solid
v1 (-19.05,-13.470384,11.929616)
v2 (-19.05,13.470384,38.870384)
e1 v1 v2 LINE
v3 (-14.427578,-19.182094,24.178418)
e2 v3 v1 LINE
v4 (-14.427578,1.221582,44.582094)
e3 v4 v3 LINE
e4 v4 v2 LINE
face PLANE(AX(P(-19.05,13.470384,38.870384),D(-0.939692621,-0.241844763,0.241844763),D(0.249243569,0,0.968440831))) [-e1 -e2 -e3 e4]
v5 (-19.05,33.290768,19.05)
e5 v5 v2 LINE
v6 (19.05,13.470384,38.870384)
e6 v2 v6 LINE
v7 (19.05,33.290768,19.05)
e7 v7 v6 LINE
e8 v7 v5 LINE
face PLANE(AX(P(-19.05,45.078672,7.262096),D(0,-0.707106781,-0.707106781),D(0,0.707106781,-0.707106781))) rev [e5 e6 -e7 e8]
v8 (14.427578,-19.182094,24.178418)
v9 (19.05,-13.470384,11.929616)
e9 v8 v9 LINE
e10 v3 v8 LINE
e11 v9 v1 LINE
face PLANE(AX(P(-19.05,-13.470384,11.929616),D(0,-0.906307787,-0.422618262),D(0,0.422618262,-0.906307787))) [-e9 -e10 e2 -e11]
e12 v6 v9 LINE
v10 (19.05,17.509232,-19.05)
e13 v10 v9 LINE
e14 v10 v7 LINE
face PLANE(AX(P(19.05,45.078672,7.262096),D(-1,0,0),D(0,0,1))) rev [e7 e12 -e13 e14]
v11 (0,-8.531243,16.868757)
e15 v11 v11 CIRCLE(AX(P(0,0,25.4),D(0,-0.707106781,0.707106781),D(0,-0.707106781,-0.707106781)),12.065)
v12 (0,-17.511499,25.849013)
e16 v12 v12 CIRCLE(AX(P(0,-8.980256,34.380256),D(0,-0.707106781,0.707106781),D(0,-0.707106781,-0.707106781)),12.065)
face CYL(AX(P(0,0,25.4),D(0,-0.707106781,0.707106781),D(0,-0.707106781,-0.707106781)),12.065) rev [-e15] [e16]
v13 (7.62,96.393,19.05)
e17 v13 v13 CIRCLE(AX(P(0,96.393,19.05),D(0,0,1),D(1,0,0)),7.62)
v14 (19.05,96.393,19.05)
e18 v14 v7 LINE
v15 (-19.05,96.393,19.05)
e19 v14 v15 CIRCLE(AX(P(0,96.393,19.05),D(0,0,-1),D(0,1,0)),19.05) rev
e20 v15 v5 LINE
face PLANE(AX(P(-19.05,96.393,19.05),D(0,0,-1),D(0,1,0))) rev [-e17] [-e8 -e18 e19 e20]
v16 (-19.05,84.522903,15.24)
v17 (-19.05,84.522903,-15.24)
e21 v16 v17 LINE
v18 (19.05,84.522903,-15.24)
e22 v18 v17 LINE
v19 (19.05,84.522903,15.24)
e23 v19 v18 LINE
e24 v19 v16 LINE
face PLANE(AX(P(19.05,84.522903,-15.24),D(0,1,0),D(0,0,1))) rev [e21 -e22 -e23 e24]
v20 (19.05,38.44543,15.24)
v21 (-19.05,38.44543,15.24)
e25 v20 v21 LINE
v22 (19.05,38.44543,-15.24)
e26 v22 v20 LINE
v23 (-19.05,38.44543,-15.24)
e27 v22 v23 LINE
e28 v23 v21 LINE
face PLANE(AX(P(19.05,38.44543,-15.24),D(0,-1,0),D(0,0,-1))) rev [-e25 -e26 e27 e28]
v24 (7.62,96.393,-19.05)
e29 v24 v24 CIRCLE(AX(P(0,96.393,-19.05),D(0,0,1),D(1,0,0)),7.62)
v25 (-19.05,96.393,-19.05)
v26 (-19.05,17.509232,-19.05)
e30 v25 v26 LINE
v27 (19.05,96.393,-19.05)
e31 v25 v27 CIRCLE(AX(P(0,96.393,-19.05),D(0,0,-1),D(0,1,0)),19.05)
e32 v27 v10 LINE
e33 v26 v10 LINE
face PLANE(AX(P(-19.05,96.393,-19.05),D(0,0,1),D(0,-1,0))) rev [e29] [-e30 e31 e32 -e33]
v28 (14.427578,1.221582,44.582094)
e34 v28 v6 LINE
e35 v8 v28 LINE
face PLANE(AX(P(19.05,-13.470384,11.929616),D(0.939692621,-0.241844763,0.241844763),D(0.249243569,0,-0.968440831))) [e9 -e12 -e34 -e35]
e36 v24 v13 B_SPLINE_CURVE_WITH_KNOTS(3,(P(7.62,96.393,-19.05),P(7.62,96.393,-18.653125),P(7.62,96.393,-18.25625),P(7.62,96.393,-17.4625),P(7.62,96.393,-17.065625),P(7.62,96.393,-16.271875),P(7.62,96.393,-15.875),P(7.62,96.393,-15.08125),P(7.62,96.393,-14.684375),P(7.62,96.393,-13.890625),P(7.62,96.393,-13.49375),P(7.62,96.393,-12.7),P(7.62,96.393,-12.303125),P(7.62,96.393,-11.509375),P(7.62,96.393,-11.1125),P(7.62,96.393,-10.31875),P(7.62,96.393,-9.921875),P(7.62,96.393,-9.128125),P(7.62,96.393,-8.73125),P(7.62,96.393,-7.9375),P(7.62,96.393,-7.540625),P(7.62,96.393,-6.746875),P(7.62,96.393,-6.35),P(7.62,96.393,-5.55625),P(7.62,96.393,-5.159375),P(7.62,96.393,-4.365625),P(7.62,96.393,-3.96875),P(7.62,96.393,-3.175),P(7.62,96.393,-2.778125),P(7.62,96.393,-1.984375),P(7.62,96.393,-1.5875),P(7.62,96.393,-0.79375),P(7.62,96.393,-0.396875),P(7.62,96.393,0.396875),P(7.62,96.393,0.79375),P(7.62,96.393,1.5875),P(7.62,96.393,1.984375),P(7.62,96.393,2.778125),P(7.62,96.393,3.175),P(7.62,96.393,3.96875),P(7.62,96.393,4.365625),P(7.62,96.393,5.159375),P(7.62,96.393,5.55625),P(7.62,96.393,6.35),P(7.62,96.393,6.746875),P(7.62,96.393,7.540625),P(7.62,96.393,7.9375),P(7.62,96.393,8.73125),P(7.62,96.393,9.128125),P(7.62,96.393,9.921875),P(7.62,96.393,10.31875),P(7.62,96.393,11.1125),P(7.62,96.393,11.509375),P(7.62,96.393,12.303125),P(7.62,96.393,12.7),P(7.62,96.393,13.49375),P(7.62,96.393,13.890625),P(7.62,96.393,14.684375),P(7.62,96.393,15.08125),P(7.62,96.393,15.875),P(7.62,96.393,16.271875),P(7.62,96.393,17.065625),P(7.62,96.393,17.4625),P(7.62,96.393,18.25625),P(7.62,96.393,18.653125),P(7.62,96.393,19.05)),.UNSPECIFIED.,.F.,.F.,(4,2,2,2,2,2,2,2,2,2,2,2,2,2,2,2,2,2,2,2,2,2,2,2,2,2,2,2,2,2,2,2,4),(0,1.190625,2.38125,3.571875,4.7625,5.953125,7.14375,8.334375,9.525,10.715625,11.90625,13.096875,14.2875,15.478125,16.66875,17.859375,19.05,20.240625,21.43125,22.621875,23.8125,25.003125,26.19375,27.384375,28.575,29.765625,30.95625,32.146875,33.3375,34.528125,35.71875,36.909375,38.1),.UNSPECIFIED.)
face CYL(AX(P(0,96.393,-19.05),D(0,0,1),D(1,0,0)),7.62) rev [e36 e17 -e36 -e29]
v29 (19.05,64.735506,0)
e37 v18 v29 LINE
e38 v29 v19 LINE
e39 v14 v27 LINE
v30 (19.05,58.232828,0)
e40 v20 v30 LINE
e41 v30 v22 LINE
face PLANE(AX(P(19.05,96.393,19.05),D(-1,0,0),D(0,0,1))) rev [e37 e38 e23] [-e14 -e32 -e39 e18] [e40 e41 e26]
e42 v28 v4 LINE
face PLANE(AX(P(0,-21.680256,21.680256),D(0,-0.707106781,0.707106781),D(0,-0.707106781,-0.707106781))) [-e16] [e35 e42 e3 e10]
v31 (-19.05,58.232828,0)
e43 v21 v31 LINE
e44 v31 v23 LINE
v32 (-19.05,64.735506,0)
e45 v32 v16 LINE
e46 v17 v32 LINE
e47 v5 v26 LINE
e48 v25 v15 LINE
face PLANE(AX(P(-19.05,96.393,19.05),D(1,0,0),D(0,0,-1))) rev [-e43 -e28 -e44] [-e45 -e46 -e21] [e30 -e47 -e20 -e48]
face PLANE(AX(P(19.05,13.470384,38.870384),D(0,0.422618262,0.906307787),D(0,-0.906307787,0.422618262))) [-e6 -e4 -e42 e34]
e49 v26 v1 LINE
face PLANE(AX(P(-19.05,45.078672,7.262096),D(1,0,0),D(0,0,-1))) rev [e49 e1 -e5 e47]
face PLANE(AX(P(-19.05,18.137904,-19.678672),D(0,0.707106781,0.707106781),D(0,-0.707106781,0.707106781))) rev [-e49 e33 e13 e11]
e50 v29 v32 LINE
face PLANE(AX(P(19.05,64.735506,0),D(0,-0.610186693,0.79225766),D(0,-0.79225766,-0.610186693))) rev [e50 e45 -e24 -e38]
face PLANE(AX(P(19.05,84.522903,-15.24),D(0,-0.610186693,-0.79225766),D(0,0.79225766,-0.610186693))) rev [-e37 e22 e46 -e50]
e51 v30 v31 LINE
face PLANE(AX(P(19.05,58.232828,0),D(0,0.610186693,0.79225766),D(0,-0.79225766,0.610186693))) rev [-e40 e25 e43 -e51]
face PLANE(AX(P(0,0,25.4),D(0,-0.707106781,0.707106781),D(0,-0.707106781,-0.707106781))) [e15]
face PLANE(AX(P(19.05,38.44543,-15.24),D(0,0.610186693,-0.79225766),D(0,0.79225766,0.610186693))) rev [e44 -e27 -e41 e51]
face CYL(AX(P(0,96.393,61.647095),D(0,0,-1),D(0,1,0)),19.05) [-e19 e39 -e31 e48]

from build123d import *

# Parameters (mm, degrees)
SKETCH11_W          = 38.1
SKETCH11_H          = 38.1
SKETCH12_W          = 38.1
SKETCH12_H          = 38.1
BOSS_EXTRUDE5_DEPTH = 12.7
BOSS_EXTRUDE5_TAPER = 20
BOSS_EXTRUDE6_DEPTH = 38.1
SKETCH14_R          = 7.62
CUT_EXTRUDE2_DEPTH  = 38.1
SKETCH15_R          = 12.065
CUT_EXTRUDE3_DEPTH  = 12.7
CUT_EXTRUDE4_DEPTH  = 38.1


with BuildPart() as part:
    # Sweep1: sweep along a path in Sketch10
    with BuildLine(Plane(origin=(0, 0, 0), x_dir=(0, 0, -1), z_dir=(1, 0, 0))) as sweep1_path:
        Line((0, 96.393), (0, 25.4))
        Line((0, 25.4), (-25.4, 0))
    # Sketch11 → Sweep1 (sweep)
    with BuildSketch(Plane(origin=(0, 96.393, 0), x_dir=(1, 0, 0), z_dir=(0, 1, 0))):
        Rectangle(SKETCH11_W, SKETCH11_H)
    sweep(path=sweep1_path.line, transition=Transition.RIGHT)

    # Sketch12 → Boss-Extrude5 (add)
    with BuildSketch(Plane(origin=(0, -12.7, 12.7), x_dir=(1, 0, 0), z_dir=(0, -0.7071067811865461, 0.7071067811865489))):
        with Locations((0, 17.960512242)):
            Rectangle(SKETCH12_W, SKETCH12_H)
    extrude(amount=BOSS_EXTRUDE5_DEPTH, taper=BOSS_EXTRUDE5_TAPER)

    # Sketch13 → Boss-Extrude6 (add)
    with BuildSketch(Plane(origin=(0, 0, -19.05), x_dir=(-1, 0, 0), z_dir=(0, 0, -1))):
        with BuildLine():
            Line((-19.05, 96.393), (19.05, 96.393))
            ThreePointArc((19.05, 96.393), (0, 115.443), (-19.05, 96.393))
        make_face()
    extrude(amount=-BOSS_EXTRUDE6_DEPTH)

    # Sketch14 → Cut-Extrude2 (cut)
    with BuildSketch(Plane.XY.offset(19.05)):
        with Locations((0, 96.393)):
            Circle(SKETCH14_R)
    extrude(amount=-CUT_EXTRUDE2_DEPTH, mode=Mode.SUBTRACT)

    # Sketch15 → Cut-Extrude3 (cut)
    with BuildSketch(Plane(origin=(0, -21.680256121, 21.680256121), x_dir=(1, 0, 0), z_dir=(0, -0.7071067811865461, 0.7071067811865489))):
        with Locations(Location((0, 17.960512242, 0), (0, 0, 270))):
            Circle(SKETCH15_R)
    extrude(amount=-CUT_EXTRUDE3_DEPTH, mode=Mode.SUBTRACT)

    # Sketch16 → Cut-Extrude4 (cut)
    with BuildSketch(Plane.ZY.offset(19.05)):
        Polygon((-15.24, 38.445429874), (0, 58.232827541), (15.24, 38.445429874), align=None)
        Polygon((-15.24, 84.522903194), (15.24, 84.522903194), (0, 64.735505528), align=None)
    extrude(amount=-CUT_EXTRUDE4_DEPTH, mode=Mode.SUBTRACT)


solid = part.part
